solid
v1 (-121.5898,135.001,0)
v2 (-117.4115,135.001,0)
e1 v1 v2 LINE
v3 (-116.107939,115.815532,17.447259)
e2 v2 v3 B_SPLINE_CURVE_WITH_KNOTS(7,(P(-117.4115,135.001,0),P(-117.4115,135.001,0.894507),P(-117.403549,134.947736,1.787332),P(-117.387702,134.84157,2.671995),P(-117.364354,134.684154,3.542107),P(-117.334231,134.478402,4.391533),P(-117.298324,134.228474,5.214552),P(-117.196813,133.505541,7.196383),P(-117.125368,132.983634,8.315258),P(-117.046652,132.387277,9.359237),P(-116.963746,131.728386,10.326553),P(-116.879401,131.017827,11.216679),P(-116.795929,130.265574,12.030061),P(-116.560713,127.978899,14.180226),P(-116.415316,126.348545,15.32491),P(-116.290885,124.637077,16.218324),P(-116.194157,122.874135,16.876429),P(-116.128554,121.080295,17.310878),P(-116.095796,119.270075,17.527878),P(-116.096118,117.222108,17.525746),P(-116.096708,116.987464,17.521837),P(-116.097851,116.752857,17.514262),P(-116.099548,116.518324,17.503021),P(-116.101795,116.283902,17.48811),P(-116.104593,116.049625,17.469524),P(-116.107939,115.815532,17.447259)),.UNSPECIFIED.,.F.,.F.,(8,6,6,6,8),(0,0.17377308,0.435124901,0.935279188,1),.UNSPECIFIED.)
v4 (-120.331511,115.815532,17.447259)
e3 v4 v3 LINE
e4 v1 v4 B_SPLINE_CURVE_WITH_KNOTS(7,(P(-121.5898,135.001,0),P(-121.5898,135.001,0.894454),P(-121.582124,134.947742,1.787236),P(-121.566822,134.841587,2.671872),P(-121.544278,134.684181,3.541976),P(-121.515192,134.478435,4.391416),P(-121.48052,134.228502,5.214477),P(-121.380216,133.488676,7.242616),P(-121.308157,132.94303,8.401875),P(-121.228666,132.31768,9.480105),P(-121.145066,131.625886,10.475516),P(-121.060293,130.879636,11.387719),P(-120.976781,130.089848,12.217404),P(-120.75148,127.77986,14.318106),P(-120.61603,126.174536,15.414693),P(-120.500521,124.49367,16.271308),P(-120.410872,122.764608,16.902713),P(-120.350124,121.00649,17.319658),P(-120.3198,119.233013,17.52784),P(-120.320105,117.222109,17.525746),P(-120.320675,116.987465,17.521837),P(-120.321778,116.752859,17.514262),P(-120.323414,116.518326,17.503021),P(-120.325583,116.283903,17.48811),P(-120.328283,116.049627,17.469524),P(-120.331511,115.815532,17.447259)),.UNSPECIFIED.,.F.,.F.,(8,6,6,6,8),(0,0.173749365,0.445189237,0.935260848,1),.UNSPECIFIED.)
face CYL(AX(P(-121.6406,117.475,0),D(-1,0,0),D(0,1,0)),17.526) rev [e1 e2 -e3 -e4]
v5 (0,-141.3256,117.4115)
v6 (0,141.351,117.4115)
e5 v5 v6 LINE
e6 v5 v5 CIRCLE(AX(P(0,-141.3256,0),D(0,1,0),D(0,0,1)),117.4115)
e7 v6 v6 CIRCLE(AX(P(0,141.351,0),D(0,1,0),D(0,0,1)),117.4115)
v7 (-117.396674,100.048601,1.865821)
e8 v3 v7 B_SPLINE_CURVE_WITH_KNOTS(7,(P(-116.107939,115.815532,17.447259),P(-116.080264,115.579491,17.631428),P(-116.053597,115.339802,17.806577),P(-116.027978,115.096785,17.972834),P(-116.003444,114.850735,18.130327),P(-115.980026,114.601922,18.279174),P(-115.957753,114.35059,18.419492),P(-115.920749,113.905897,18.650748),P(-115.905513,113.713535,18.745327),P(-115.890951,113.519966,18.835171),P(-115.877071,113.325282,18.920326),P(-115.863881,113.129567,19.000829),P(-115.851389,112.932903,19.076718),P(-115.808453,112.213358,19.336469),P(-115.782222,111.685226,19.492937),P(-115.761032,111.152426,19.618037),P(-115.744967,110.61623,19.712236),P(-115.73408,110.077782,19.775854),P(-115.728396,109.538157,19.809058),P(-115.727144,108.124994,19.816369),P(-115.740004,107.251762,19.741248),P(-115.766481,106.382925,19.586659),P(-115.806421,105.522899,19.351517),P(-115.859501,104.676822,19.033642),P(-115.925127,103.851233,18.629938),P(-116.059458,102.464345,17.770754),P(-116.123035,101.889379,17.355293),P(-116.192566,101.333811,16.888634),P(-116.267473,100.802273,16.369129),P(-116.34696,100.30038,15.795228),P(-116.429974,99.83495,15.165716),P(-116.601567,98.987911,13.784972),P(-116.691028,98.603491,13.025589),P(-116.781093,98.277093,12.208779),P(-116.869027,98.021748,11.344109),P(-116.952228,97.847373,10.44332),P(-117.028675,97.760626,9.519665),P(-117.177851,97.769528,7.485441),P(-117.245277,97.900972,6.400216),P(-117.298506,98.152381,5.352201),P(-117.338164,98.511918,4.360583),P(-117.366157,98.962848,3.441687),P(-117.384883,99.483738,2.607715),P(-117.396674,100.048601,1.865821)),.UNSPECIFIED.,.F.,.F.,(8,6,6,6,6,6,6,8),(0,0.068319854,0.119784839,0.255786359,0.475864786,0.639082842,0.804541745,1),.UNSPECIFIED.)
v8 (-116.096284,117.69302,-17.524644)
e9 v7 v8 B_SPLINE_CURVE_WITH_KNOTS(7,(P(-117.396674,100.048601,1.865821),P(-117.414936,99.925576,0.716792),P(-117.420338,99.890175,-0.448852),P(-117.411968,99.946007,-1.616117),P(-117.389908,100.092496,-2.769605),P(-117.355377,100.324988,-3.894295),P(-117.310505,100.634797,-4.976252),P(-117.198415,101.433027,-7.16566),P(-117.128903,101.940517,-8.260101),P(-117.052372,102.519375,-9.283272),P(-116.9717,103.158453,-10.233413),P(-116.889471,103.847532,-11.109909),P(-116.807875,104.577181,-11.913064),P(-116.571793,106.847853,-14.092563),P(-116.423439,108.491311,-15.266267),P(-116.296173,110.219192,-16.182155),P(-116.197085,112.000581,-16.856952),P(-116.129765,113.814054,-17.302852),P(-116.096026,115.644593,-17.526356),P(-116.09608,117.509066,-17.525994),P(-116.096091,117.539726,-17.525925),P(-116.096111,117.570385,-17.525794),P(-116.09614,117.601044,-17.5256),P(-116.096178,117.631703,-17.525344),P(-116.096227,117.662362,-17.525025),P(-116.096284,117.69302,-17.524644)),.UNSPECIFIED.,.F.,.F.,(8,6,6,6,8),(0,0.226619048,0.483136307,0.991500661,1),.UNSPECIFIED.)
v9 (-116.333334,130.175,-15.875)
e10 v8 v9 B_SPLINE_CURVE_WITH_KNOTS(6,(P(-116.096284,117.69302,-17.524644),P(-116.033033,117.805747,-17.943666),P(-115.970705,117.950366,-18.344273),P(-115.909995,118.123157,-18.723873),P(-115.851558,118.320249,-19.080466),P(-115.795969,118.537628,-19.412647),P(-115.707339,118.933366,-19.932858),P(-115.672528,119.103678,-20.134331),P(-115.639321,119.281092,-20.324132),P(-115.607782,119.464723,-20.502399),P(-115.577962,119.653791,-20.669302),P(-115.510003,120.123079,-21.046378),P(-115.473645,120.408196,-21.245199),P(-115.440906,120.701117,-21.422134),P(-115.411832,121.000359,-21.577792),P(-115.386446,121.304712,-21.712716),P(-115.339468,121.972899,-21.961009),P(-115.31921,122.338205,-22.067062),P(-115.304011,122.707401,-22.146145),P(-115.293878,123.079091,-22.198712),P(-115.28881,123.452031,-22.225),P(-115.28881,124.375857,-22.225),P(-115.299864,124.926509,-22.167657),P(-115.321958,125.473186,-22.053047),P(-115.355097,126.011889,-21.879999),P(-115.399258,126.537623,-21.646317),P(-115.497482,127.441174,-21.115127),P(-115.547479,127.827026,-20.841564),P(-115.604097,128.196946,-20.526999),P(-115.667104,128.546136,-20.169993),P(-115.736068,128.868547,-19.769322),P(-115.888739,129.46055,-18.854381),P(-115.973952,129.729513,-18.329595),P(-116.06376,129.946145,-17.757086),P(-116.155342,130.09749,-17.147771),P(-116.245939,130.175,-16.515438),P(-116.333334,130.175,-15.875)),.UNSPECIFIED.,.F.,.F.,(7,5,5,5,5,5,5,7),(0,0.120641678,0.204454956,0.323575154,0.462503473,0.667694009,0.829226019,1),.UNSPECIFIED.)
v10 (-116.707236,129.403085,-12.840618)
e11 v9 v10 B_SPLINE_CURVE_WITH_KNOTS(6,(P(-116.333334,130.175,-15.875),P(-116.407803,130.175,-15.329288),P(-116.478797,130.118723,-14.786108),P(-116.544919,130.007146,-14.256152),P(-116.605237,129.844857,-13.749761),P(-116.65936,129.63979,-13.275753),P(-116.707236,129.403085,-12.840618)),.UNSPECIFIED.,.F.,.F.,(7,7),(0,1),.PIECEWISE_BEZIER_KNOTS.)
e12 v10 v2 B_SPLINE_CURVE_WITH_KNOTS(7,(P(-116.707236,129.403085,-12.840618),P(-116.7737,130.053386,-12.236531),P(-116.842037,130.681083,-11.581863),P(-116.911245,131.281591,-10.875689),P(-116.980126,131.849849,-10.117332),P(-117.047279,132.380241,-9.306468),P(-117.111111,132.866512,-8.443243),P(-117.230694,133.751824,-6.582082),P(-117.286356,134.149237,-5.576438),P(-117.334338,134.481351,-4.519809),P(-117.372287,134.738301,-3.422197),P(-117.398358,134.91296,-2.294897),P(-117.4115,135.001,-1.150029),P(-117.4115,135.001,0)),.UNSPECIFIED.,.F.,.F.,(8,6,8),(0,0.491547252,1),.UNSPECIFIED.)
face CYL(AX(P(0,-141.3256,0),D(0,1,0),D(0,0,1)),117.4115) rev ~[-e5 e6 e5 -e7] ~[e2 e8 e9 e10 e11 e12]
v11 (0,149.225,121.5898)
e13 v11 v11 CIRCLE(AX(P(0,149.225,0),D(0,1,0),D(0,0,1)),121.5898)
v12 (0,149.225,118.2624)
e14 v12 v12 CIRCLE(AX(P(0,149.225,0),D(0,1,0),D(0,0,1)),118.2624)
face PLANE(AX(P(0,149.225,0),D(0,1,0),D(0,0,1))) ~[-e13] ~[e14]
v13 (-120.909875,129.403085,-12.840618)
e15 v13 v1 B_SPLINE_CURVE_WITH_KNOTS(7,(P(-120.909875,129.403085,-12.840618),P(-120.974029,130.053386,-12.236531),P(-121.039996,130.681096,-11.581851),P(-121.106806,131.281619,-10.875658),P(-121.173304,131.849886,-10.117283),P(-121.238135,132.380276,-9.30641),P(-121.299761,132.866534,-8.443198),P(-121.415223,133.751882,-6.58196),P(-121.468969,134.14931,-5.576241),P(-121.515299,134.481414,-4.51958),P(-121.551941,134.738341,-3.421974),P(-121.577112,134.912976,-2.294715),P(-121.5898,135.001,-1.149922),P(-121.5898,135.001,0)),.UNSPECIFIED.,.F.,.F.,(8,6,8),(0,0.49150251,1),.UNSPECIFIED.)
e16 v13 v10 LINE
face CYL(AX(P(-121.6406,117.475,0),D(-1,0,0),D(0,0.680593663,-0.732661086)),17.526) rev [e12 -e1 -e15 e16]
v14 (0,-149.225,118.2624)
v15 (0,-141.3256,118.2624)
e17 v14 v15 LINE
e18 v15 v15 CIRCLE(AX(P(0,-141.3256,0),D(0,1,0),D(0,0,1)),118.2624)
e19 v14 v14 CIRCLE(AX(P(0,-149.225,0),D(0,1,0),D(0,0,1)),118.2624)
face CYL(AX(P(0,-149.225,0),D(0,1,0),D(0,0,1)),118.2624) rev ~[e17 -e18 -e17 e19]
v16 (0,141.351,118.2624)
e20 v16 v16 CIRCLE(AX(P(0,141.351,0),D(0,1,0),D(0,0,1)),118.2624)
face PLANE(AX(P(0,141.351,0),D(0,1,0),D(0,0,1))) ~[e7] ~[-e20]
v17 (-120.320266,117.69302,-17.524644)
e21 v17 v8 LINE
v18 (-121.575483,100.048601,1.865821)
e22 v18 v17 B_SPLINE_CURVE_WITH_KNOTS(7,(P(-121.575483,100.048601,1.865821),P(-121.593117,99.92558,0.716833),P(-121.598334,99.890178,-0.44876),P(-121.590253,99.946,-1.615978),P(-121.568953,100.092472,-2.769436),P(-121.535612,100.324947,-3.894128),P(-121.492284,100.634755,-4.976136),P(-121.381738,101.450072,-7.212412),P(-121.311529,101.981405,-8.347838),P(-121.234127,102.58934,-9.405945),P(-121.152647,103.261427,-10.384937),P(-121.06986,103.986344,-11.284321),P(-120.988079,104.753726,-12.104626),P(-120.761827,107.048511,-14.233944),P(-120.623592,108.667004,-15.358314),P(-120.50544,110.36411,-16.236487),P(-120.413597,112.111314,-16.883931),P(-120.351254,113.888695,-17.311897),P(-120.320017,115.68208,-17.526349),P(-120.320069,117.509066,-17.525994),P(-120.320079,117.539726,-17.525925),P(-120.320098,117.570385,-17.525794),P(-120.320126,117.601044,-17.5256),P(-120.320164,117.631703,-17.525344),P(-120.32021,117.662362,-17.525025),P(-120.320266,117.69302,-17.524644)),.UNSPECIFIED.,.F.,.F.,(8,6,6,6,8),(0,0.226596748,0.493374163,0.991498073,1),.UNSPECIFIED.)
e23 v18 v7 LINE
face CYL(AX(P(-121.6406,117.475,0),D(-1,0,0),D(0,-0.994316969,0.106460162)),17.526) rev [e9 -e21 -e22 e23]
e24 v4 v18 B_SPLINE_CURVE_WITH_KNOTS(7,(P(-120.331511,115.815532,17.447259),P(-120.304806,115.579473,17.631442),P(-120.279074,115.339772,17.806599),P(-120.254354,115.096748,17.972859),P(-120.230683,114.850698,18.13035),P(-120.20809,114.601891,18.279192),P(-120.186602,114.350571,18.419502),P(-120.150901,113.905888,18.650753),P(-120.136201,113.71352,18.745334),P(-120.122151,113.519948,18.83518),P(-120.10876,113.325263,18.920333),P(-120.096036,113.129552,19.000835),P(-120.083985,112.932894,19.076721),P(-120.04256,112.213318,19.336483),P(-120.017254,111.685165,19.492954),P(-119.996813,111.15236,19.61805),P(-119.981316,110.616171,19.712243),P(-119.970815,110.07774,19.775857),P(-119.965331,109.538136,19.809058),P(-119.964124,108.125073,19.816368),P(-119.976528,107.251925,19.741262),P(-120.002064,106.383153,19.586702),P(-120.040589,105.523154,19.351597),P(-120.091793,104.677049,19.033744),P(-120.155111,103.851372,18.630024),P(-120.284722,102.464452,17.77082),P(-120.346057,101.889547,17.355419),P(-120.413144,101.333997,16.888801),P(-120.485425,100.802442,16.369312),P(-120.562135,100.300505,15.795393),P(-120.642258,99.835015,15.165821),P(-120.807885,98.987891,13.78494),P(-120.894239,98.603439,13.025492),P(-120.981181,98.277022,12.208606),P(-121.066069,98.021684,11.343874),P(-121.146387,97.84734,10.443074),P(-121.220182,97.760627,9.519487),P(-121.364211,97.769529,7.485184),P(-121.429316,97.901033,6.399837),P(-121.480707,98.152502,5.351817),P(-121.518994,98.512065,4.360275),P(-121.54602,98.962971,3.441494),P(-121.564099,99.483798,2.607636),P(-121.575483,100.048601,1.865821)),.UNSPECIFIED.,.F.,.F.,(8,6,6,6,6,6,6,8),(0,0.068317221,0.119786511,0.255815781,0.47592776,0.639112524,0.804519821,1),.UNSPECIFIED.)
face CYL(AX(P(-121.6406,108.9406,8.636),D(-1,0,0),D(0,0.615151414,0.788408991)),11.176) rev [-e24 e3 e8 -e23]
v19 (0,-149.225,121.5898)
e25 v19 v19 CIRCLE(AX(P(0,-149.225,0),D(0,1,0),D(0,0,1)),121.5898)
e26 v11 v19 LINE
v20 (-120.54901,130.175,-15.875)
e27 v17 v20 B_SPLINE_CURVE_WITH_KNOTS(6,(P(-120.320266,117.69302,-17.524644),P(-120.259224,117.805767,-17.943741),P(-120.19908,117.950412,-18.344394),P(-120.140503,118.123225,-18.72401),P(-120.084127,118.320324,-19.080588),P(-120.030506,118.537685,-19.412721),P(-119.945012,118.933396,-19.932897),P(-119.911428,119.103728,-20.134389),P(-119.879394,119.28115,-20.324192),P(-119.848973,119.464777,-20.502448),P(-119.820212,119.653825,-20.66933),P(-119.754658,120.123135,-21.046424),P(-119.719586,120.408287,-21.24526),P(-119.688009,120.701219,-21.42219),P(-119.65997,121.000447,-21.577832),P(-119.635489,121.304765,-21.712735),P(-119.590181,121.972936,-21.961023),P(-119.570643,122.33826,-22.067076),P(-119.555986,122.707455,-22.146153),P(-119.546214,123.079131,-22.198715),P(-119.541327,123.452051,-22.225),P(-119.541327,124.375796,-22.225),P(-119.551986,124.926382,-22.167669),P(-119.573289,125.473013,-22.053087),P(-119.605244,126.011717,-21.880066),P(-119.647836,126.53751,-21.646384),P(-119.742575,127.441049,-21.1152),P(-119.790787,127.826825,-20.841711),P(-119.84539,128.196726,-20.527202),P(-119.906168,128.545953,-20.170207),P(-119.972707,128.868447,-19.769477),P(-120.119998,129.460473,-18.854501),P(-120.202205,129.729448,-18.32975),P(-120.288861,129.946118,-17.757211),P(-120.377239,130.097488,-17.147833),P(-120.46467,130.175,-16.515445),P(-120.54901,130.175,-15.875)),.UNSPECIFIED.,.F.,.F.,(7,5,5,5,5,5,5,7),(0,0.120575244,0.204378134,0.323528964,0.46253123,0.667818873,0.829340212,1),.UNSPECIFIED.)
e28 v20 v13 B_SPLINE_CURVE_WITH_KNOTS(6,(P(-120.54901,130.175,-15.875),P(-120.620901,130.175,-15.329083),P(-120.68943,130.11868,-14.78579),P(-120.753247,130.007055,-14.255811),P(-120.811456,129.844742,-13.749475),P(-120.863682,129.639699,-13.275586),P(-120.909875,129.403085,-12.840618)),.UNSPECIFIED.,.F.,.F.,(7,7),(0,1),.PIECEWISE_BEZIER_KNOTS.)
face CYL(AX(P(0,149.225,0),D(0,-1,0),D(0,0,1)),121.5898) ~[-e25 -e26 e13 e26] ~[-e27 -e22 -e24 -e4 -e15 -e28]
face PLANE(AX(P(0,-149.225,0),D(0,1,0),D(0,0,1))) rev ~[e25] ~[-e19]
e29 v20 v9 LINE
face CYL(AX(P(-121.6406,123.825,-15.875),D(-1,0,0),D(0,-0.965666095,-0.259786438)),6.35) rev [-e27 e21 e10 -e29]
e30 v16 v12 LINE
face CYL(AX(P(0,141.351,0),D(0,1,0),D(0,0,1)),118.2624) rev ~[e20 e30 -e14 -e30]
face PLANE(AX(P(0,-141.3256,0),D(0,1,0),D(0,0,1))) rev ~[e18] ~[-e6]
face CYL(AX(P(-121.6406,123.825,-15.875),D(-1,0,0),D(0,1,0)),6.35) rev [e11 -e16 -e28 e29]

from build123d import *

# Parameters (mm, degrees)
F5_DEPTH = 25.4


with BuildPart() as f1:
    # F0 (on Right) → F1 (revolve)
    with BuildSketch(Plane.YZ):
        Polygon((149.225, 121.5898), (-149.225, 121.5898), (-149.225, 118.2624), (-141.3256, 118.2624), (-141.3256, 117.4115), (141.351, 117.4115), (141.351, 118.2624), (149.225, 118.2624), align=None)
    revolve(axis=Axis((0, 81.1550111453, 0), (0, 1, 0)))

    # F4 (on offset) → F5 (cut)
    with BuildSketch(Plane.YZ.offset(-121.6406)):
        with BuildLine():
            ThreePointArc((100.0486008096, 1.8658208001), (105.1557921179, 12.4658651187), (115.8155322063, 17.4472588862))
            ThreePointArc((115.8155322063, 17.4472588862), (101.0848732346, 16.5852473221), (100.0486008096, 1.8658208001))
        make_face()
        with BuildLine():
            ThreePointArc((100.0486008096, 1.8658208001), (112.5131336281, -1.9536165878), (120.1166, 8.636))
            ThreePointArc((120.1166, 8.636), (118.9839365556, 13.5384857808), (115.8155322063, 17.4472588862))
            ThreePointArc((115.8155322063, 17.4472588862), (105.1557921179, 12.4658651187), (100.0486008096, 1.8658208001))
        make_face()
        with BuildLine():
            ThreePointArc((129.4030845296, -12.8406181881), (121.4666692052, -9.9791730129), (117.6930202979, -17.5246438808))
            ThreePointArc((117.6930202979, -17.5246438808), (123.9839929938, -16.2724824845), (129.4030845296, -12.8406181881))
        make_face()
        with BuildLine():
            ThreePointArc((129.4030845296, -12.8406181881), (123.9839929938, -16.2724824845), (117.6930202979, -17.5246438808))
            ThreePointArc((117.6930202979, -17.5246438808), (124.6569942584, -22.1702589743), (130.175, -15.875))
            ThreePointArc((130.175, -15.875), (129.9789961311, -14.3094867875), (129.4030845296, -12.8406181881))
        make_face()
        with BuildLine():
            ThreePointArc((115.8155322063, 17.4472588862), (118.9839365556, 13.5384857808), (120.1166, 8.636))
            ThreePointArc((120.1166, 8.636), (112.5131336281, -1.9536165878), (100.0486008096, 1.8658208001))
            ThreePointArc((100.0486008096, 1.8658208001), (104.512376571, -11.7953834121), (117.6930202979, -17.5246438808))
            ThreePointArc((117.6930202979, -17.5246438808), (121.4666692052, -9.9791730129), (129.4030845296, -12.8406181881))
            ThreePointArc((129.4030845296, -12.8406181881), (133.5406821434, -7.0038941502), (135.001, 0))
            ThreePointArc((135.001, 0), (129.266455454, 12.9661966003), (115.8155322063, 17.4472588862))
        make_face()
    extrude(amount=F5_DEPTH, mode=Mode.SUBTRACT)


solid = f1.part
